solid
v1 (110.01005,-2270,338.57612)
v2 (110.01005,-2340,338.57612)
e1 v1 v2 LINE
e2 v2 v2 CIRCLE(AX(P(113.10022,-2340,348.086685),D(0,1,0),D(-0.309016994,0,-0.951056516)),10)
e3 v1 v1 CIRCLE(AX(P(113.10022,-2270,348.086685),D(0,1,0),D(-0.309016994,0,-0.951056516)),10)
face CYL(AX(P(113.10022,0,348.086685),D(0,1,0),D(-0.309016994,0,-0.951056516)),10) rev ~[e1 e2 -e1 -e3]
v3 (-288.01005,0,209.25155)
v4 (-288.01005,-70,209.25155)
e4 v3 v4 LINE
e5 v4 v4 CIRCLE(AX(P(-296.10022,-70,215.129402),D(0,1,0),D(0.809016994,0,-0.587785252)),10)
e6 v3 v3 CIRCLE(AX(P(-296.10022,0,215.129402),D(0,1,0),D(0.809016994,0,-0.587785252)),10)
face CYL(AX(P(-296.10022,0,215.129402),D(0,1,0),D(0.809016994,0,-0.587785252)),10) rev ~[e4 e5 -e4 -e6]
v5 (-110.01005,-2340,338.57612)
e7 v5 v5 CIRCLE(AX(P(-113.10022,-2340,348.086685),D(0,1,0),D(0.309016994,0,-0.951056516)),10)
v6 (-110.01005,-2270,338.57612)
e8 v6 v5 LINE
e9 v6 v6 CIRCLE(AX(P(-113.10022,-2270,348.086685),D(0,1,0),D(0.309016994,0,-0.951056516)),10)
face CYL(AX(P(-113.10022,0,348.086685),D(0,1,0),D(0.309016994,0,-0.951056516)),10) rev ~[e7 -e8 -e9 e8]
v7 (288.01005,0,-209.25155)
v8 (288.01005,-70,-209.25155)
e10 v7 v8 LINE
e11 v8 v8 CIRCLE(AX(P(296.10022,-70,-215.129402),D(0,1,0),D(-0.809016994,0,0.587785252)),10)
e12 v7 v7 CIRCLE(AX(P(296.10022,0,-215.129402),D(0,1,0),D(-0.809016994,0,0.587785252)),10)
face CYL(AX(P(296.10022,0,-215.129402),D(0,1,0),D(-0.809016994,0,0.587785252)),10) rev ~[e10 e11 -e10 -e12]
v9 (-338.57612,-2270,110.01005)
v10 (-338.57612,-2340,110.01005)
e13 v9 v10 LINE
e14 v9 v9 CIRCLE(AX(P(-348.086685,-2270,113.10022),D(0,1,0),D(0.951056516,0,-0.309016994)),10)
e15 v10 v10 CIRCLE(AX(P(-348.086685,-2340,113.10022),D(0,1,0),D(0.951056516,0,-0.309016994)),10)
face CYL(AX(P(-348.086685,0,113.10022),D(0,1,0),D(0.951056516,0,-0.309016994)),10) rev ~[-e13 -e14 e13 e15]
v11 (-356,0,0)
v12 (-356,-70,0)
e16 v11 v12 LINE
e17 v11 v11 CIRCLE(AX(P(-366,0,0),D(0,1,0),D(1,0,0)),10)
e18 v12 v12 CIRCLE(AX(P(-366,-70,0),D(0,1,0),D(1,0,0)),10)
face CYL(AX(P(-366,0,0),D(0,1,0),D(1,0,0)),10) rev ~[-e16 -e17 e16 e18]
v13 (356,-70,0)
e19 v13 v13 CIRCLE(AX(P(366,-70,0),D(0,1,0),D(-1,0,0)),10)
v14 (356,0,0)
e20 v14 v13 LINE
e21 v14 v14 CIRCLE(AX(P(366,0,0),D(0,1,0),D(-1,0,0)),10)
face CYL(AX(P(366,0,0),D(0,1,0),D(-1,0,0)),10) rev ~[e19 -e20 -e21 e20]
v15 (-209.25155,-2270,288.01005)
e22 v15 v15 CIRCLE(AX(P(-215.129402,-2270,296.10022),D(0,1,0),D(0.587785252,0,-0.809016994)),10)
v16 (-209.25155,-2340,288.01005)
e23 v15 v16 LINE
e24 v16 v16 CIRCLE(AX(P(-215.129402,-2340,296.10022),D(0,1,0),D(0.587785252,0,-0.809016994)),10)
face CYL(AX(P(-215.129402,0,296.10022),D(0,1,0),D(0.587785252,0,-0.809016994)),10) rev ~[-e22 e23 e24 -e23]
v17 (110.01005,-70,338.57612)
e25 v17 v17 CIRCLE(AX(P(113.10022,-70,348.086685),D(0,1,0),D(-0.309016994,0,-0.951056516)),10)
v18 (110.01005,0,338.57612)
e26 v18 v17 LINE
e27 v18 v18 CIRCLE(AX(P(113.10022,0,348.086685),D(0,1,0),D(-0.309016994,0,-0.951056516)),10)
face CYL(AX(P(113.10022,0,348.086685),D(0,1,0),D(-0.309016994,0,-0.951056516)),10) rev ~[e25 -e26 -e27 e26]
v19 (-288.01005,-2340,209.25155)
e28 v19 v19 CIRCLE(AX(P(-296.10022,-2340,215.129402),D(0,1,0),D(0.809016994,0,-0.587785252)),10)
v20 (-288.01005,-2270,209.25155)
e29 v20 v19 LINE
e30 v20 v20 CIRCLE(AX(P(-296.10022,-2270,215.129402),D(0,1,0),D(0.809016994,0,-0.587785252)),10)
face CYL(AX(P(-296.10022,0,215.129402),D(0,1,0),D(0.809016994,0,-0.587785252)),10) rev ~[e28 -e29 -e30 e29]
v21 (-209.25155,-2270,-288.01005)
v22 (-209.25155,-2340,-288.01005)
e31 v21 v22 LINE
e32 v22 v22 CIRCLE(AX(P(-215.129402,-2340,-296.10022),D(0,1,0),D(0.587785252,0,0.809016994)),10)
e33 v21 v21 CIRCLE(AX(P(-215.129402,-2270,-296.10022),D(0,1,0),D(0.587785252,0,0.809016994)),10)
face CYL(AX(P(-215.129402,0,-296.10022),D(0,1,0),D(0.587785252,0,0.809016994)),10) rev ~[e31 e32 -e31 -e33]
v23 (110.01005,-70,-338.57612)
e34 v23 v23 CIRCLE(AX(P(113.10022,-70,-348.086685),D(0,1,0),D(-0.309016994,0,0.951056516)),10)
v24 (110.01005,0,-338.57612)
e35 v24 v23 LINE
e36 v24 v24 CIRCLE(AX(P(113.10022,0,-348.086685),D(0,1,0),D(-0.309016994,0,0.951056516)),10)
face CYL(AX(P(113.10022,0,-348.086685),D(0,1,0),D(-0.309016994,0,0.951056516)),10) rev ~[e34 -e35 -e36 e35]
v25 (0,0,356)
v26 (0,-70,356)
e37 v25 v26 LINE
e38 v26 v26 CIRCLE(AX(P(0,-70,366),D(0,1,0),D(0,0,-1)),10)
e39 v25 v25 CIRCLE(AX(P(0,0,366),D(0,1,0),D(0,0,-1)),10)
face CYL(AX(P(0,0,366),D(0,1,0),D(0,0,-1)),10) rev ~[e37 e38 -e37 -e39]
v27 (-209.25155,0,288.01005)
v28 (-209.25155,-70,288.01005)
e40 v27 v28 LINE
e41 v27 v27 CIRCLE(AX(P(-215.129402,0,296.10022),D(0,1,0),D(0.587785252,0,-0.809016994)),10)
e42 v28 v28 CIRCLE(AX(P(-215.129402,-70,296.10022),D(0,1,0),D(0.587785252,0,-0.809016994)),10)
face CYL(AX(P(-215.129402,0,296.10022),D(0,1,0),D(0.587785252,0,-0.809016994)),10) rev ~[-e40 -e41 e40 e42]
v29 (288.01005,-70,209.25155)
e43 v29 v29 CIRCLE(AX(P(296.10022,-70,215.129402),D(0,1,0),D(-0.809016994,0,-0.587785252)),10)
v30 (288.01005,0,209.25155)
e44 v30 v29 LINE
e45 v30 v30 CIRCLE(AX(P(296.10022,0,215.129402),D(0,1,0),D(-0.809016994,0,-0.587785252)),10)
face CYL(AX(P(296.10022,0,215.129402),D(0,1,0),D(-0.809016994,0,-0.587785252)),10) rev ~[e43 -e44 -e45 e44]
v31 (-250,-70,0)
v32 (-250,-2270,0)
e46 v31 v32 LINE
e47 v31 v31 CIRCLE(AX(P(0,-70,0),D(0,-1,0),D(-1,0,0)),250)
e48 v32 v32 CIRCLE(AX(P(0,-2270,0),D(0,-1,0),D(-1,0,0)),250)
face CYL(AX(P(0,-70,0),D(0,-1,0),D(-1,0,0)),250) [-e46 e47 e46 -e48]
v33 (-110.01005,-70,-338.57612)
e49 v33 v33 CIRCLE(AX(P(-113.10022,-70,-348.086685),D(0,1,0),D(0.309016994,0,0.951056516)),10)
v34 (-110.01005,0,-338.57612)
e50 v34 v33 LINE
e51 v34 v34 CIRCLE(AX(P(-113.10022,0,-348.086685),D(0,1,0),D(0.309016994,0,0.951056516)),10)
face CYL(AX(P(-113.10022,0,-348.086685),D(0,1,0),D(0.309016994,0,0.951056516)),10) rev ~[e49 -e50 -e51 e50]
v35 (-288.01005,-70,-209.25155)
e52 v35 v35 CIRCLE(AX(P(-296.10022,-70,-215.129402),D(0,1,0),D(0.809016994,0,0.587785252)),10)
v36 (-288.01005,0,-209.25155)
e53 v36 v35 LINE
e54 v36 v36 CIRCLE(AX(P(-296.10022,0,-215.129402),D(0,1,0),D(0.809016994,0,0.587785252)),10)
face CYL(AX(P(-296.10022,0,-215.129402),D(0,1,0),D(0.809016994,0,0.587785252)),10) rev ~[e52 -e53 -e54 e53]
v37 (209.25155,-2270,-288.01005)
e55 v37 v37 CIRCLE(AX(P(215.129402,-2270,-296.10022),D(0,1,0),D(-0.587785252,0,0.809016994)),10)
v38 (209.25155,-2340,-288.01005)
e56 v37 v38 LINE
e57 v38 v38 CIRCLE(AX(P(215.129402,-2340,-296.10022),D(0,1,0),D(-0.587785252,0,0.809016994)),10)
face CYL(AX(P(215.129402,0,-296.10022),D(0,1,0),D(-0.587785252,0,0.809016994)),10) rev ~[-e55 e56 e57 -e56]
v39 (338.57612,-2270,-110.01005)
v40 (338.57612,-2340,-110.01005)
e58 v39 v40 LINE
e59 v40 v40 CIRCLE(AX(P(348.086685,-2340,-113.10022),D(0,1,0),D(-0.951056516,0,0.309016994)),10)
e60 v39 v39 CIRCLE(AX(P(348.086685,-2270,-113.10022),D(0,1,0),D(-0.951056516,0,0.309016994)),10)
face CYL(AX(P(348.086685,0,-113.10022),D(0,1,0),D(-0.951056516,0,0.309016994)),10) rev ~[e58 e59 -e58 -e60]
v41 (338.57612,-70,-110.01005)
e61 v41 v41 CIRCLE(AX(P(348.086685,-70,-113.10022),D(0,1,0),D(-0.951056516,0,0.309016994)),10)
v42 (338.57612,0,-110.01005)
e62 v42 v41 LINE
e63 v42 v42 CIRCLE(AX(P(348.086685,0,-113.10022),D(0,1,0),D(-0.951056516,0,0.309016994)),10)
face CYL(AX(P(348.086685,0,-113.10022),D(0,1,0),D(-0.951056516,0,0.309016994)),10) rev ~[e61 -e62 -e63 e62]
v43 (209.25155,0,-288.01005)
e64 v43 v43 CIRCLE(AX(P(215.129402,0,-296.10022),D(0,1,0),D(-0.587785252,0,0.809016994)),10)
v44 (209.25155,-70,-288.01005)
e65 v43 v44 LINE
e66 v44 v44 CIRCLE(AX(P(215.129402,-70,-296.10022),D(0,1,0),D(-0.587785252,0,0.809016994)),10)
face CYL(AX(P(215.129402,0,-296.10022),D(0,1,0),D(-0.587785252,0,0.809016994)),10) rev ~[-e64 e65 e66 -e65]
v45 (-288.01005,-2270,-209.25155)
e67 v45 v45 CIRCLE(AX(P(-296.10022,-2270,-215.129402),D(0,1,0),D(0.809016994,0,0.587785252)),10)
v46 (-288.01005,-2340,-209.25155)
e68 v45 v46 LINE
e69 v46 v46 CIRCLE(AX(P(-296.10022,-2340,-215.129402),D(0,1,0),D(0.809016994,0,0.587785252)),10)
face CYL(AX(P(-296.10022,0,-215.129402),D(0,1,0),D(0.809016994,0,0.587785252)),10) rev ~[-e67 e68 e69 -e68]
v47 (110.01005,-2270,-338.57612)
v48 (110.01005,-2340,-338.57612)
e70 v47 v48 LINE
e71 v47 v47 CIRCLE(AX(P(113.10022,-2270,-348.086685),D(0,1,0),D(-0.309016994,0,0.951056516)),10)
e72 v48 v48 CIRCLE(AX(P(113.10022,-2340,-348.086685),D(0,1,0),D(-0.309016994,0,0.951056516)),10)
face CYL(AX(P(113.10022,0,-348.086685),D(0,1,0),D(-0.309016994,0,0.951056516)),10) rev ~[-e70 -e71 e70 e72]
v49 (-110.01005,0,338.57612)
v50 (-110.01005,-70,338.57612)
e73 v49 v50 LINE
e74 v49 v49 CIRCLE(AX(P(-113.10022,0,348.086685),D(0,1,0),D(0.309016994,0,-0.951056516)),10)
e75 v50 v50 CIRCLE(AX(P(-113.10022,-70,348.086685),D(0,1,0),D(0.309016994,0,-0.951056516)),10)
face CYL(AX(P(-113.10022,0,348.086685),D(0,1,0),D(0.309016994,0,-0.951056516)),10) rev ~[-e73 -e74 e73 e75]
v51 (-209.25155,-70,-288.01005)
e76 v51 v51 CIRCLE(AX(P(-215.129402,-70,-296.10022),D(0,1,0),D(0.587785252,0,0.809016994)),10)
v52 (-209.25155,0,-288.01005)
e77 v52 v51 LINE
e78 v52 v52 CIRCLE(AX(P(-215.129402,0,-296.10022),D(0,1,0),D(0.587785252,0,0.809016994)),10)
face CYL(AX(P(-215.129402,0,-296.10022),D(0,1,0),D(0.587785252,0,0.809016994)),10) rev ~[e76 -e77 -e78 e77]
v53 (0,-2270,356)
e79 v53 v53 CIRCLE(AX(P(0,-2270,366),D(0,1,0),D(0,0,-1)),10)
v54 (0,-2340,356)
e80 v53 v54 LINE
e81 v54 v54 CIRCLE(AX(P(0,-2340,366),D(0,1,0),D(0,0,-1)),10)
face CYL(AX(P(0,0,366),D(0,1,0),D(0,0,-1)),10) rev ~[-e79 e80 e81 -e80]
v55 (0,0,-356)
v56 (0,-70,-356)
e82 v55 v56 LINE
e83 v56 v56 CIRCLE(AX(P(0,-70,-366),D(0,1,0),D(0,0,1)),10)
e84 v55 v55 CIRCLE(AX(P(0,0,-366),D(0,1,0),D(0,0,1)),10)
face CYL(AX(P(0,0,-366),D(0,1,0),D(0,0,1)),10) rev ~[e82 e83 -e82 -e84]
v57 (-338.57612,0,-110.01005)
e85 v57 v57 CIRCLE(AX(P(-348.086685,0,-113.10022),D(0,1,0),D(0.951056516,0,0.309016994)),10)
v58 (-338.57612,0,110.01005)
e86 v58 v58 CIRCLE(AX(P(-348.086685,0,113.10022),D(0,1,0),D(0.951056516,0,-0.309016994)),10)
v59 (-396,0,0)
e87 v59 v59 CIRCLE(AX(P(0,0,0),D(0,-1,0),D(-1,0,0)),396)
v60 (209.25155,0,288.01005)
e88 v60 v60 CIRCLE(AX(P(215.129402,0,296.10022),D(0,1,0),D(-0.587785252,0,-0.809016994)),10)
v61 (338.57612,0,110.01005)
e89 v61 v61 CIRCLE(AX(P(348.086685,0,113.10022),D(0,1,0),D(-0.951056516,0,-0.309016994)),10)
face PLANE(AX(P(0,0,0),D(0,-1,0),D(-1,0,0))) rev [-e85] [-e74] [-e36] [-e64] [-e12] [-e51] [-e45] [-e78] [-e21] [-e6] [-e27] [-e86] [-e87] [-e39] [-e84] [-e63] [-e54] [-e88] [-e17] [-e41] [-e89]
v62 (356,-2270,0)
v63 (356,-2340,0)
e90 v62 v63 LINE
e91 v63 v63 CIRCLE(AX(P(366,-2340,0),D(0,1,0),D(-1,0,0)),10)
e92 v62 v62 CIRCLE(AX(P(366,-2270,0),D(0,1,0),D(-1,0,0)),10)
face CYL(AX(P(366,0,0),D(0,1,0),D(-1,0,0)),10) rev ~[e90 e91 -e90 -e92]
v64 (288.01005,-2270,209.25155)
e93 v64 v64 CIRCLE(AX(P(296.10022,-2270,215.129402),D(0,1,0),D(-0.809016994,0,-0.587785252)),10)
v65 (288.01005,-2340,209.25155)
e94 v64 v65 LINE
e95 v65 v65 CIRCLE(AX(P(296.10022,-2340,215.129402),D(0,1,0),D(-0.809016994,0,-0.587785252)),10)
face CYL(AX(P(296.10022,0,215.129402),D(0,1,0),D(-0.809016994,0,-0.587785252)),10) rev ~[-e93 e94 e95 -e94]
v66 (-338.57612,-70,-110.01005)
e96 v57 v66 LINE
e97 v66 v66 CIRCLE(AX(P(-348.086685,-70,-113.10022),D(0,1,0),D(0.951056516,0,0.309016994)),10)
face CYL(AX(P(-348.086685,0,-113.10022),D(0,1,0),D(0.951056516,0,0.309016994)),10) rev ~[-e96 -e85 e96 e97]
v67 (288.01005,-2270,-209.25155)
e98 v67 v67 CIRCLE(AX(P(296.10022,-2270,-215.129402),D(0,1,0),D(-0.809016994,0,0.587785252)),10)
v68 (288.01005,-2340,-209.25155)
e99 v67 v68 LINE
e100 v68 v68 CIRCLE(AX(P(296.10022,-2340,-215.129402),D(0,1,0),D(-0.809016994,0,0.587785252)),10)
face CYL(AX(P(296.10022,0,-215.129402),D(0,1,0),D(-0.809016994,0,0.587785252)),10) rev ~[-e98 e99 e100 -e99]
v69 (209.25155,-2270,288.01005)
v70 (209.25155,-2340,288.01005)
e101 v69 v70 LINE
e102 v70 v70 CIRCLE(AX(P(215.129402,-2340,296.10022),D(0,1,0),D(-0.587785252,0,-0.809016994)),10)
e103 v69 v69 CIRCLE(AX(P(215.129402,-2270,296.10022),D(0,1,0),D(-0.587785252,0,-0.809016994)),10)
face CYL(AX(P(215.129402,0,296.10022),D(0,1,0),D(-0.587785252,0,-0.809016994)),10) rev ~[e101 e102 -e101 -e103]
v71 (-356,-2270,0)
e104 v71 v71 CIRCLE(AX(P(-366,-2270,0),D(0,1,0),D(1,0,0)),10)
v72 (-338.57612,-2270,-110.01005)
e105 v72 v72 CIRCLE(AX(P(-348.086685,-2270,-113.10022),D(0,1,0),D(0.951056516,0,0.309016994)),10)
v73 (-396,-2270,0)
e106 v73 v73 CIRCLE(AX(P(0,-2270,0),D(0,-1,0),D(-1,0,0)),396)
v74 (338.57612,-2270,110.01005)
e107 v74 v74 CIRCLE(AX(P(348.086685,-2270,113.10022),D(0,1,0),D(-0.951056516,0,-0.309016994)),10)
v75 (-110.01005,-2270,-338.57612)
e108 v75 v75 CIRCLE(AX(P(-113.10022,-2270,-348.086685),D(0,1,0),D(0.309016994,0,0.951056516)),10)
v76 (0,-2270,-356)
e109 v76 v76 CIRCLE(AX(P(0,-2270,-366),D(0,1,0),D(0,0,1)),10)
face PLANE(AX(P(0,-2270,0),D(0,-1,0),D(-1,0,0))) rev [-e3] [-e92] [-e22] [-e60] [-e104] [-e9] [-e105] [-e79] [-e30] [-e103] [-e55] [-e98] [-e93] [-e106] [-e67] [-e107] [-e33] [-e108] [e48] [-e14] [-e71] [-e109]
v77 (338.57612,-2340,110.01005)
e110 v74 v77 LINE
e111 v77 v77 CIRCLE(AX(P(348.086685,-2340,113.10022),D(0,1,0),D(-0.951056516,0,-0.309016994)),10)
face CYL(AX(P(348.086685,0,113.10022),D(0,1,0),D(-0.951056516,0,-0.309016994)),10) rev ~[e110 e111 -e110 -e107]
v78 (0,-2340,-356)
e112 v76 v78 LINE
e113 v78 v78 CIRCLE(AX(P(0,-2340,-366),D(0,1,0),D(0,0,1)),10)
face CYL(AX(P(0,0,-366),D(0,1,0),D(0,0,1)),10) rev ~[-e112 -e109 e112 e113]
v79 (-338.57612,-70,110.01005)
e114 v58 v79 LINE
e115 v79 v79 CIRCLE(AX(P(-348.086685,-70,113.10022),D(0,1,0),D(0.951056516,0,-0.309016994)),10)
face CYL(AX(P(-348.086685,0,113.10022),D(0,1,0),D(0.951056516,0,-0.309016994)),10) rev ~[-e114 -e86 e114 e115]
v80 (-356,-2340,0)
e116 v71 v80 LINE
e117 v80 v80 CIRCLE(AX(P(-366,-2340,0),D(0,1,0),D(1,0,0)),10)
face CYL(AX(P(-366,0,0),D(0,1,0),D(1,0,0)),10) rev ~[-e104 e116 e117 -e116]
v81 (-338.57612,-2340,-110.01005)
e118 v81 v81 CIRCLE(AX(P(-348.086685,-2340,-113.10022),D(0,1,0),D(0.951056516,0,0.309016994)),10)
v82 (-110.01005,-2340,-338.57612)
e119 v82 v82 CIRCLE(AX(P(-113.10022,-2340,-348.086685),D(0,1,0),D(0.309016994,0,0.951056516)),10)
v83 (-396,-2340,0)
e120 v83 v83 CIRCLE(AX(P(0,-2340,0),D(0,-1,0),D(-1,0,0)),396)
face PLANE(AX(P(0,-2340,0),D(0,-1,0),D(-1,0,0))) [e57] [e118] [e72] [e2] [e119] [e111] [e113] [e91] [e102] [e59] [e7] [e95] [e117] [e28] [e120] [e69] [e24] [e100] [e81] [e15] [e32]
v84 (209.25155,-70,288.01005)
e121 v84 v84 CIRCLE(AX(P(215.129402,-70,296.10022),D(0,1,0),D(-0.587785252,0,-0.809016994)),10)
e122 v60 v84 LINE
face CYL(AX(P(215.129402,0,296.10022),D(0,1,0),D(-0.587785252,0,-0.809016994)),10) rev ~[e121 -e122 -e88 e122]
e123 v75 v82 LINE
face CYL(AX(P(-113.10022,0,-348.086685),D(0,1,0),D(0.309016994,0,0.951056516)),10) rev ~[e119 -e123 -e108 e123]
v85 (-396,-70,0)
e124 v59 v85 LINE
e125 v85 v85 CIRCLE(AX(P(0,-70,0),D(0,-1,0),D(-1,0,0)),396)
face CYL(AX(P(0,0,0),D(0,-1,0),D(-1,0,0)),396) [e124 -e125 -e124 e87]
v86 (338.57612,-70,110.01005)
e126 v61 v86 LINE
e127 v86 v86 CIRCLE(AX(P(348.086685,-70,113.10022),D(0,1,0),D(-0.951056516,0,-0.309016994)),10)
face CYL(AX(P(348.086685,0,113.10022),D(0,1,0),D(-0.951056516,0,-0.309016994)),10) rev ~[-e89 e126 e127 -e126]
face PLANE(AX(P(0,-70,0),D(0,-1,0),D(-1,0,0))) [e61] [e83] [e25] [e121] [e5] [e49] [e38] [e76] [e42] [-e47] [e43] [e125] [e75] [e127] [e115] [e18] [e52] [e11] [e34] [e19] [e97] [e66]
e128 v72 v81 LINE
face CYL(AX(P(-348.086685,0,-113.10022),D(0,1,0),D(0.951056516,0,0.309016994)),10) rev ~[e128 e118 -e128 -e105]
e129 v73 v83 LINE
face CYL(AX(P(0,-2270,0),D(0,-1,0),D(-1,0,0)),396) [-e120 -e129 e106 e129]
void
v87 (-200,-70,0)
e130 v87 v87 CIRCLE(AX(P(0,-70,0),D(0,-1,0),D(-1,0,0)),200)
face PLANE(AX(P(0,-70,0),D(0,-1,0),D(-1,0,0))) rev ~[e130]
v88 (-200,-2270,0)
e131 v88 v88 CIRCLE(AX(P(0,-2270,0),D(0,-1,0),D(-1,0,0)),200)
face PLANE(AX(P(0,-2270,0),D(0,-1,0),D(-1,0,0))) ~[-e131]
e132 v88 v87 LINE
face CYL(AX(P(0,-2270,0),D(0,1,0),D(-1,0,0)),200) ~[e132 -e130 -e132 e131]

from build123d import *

# Parameters (mm, degrees)
ESQUISSE2_R                  = 10
ENL_V_MAT_EXTRU_1_DEPTH      = 2407.082292857
R_P_TITION_CIRCULAIRE1_COUNT = 20


with BuildPart() as part:
    # Esquisse1 → Révolution1 (revolve)
    with BuildSketch(Plane.XY, mode=Mode.PRIVATE) as r_volution1_sk:
        Polygon((0, 0), (396, 0), (396, -70), (250, -70), (250, -2270), (396, -2270), (396, -2340), (0, -2340), (0, -2270), (200, -2270), (200, -70), (0, -70), align=None)
    revolve(r_volution1_sk.sketch.rotate(Axis((0, 0, 0), (0, -1, 0)), 180), axis=Axis((0, 0, 0), (0, -1, 0)))

    # Esquisse2 → Enlèv. mat.-Extru.1 (cut, through all)
    with BuildSketch(Plane(origin=(0, 0, 0), x_dir=(1, 0, 0), z_dir=(0, 1, 0))):
        with Locations(Location((366, 0, 0), (0, 0, 180))):
            Circle(ESQUISSE2_R)
    enl_v_mat_extru_1 = extrude(amount=-ENL_V_MAT_EXTRU_1_DEPTH, mode=Mode.SUBTRACT)

    # Répétition circulaire1: Enlèv. mat.-Extru.1 ×20 about axis
    r_p_tition_circulaire1_axis = Axis((0, 0, 0), (0, 1, 0))
    for i in range(1, R_P_TITION_CIRCULAIRE1_COUNT):
        add(enl_v_mat_extru_1.rotate(r_p_tition_circulaire1_axis, i * 360 / R_P_TITION_CIRCULAIRE1_COUNT), mode=Mode.SUBTRACT)


solid = part.part
